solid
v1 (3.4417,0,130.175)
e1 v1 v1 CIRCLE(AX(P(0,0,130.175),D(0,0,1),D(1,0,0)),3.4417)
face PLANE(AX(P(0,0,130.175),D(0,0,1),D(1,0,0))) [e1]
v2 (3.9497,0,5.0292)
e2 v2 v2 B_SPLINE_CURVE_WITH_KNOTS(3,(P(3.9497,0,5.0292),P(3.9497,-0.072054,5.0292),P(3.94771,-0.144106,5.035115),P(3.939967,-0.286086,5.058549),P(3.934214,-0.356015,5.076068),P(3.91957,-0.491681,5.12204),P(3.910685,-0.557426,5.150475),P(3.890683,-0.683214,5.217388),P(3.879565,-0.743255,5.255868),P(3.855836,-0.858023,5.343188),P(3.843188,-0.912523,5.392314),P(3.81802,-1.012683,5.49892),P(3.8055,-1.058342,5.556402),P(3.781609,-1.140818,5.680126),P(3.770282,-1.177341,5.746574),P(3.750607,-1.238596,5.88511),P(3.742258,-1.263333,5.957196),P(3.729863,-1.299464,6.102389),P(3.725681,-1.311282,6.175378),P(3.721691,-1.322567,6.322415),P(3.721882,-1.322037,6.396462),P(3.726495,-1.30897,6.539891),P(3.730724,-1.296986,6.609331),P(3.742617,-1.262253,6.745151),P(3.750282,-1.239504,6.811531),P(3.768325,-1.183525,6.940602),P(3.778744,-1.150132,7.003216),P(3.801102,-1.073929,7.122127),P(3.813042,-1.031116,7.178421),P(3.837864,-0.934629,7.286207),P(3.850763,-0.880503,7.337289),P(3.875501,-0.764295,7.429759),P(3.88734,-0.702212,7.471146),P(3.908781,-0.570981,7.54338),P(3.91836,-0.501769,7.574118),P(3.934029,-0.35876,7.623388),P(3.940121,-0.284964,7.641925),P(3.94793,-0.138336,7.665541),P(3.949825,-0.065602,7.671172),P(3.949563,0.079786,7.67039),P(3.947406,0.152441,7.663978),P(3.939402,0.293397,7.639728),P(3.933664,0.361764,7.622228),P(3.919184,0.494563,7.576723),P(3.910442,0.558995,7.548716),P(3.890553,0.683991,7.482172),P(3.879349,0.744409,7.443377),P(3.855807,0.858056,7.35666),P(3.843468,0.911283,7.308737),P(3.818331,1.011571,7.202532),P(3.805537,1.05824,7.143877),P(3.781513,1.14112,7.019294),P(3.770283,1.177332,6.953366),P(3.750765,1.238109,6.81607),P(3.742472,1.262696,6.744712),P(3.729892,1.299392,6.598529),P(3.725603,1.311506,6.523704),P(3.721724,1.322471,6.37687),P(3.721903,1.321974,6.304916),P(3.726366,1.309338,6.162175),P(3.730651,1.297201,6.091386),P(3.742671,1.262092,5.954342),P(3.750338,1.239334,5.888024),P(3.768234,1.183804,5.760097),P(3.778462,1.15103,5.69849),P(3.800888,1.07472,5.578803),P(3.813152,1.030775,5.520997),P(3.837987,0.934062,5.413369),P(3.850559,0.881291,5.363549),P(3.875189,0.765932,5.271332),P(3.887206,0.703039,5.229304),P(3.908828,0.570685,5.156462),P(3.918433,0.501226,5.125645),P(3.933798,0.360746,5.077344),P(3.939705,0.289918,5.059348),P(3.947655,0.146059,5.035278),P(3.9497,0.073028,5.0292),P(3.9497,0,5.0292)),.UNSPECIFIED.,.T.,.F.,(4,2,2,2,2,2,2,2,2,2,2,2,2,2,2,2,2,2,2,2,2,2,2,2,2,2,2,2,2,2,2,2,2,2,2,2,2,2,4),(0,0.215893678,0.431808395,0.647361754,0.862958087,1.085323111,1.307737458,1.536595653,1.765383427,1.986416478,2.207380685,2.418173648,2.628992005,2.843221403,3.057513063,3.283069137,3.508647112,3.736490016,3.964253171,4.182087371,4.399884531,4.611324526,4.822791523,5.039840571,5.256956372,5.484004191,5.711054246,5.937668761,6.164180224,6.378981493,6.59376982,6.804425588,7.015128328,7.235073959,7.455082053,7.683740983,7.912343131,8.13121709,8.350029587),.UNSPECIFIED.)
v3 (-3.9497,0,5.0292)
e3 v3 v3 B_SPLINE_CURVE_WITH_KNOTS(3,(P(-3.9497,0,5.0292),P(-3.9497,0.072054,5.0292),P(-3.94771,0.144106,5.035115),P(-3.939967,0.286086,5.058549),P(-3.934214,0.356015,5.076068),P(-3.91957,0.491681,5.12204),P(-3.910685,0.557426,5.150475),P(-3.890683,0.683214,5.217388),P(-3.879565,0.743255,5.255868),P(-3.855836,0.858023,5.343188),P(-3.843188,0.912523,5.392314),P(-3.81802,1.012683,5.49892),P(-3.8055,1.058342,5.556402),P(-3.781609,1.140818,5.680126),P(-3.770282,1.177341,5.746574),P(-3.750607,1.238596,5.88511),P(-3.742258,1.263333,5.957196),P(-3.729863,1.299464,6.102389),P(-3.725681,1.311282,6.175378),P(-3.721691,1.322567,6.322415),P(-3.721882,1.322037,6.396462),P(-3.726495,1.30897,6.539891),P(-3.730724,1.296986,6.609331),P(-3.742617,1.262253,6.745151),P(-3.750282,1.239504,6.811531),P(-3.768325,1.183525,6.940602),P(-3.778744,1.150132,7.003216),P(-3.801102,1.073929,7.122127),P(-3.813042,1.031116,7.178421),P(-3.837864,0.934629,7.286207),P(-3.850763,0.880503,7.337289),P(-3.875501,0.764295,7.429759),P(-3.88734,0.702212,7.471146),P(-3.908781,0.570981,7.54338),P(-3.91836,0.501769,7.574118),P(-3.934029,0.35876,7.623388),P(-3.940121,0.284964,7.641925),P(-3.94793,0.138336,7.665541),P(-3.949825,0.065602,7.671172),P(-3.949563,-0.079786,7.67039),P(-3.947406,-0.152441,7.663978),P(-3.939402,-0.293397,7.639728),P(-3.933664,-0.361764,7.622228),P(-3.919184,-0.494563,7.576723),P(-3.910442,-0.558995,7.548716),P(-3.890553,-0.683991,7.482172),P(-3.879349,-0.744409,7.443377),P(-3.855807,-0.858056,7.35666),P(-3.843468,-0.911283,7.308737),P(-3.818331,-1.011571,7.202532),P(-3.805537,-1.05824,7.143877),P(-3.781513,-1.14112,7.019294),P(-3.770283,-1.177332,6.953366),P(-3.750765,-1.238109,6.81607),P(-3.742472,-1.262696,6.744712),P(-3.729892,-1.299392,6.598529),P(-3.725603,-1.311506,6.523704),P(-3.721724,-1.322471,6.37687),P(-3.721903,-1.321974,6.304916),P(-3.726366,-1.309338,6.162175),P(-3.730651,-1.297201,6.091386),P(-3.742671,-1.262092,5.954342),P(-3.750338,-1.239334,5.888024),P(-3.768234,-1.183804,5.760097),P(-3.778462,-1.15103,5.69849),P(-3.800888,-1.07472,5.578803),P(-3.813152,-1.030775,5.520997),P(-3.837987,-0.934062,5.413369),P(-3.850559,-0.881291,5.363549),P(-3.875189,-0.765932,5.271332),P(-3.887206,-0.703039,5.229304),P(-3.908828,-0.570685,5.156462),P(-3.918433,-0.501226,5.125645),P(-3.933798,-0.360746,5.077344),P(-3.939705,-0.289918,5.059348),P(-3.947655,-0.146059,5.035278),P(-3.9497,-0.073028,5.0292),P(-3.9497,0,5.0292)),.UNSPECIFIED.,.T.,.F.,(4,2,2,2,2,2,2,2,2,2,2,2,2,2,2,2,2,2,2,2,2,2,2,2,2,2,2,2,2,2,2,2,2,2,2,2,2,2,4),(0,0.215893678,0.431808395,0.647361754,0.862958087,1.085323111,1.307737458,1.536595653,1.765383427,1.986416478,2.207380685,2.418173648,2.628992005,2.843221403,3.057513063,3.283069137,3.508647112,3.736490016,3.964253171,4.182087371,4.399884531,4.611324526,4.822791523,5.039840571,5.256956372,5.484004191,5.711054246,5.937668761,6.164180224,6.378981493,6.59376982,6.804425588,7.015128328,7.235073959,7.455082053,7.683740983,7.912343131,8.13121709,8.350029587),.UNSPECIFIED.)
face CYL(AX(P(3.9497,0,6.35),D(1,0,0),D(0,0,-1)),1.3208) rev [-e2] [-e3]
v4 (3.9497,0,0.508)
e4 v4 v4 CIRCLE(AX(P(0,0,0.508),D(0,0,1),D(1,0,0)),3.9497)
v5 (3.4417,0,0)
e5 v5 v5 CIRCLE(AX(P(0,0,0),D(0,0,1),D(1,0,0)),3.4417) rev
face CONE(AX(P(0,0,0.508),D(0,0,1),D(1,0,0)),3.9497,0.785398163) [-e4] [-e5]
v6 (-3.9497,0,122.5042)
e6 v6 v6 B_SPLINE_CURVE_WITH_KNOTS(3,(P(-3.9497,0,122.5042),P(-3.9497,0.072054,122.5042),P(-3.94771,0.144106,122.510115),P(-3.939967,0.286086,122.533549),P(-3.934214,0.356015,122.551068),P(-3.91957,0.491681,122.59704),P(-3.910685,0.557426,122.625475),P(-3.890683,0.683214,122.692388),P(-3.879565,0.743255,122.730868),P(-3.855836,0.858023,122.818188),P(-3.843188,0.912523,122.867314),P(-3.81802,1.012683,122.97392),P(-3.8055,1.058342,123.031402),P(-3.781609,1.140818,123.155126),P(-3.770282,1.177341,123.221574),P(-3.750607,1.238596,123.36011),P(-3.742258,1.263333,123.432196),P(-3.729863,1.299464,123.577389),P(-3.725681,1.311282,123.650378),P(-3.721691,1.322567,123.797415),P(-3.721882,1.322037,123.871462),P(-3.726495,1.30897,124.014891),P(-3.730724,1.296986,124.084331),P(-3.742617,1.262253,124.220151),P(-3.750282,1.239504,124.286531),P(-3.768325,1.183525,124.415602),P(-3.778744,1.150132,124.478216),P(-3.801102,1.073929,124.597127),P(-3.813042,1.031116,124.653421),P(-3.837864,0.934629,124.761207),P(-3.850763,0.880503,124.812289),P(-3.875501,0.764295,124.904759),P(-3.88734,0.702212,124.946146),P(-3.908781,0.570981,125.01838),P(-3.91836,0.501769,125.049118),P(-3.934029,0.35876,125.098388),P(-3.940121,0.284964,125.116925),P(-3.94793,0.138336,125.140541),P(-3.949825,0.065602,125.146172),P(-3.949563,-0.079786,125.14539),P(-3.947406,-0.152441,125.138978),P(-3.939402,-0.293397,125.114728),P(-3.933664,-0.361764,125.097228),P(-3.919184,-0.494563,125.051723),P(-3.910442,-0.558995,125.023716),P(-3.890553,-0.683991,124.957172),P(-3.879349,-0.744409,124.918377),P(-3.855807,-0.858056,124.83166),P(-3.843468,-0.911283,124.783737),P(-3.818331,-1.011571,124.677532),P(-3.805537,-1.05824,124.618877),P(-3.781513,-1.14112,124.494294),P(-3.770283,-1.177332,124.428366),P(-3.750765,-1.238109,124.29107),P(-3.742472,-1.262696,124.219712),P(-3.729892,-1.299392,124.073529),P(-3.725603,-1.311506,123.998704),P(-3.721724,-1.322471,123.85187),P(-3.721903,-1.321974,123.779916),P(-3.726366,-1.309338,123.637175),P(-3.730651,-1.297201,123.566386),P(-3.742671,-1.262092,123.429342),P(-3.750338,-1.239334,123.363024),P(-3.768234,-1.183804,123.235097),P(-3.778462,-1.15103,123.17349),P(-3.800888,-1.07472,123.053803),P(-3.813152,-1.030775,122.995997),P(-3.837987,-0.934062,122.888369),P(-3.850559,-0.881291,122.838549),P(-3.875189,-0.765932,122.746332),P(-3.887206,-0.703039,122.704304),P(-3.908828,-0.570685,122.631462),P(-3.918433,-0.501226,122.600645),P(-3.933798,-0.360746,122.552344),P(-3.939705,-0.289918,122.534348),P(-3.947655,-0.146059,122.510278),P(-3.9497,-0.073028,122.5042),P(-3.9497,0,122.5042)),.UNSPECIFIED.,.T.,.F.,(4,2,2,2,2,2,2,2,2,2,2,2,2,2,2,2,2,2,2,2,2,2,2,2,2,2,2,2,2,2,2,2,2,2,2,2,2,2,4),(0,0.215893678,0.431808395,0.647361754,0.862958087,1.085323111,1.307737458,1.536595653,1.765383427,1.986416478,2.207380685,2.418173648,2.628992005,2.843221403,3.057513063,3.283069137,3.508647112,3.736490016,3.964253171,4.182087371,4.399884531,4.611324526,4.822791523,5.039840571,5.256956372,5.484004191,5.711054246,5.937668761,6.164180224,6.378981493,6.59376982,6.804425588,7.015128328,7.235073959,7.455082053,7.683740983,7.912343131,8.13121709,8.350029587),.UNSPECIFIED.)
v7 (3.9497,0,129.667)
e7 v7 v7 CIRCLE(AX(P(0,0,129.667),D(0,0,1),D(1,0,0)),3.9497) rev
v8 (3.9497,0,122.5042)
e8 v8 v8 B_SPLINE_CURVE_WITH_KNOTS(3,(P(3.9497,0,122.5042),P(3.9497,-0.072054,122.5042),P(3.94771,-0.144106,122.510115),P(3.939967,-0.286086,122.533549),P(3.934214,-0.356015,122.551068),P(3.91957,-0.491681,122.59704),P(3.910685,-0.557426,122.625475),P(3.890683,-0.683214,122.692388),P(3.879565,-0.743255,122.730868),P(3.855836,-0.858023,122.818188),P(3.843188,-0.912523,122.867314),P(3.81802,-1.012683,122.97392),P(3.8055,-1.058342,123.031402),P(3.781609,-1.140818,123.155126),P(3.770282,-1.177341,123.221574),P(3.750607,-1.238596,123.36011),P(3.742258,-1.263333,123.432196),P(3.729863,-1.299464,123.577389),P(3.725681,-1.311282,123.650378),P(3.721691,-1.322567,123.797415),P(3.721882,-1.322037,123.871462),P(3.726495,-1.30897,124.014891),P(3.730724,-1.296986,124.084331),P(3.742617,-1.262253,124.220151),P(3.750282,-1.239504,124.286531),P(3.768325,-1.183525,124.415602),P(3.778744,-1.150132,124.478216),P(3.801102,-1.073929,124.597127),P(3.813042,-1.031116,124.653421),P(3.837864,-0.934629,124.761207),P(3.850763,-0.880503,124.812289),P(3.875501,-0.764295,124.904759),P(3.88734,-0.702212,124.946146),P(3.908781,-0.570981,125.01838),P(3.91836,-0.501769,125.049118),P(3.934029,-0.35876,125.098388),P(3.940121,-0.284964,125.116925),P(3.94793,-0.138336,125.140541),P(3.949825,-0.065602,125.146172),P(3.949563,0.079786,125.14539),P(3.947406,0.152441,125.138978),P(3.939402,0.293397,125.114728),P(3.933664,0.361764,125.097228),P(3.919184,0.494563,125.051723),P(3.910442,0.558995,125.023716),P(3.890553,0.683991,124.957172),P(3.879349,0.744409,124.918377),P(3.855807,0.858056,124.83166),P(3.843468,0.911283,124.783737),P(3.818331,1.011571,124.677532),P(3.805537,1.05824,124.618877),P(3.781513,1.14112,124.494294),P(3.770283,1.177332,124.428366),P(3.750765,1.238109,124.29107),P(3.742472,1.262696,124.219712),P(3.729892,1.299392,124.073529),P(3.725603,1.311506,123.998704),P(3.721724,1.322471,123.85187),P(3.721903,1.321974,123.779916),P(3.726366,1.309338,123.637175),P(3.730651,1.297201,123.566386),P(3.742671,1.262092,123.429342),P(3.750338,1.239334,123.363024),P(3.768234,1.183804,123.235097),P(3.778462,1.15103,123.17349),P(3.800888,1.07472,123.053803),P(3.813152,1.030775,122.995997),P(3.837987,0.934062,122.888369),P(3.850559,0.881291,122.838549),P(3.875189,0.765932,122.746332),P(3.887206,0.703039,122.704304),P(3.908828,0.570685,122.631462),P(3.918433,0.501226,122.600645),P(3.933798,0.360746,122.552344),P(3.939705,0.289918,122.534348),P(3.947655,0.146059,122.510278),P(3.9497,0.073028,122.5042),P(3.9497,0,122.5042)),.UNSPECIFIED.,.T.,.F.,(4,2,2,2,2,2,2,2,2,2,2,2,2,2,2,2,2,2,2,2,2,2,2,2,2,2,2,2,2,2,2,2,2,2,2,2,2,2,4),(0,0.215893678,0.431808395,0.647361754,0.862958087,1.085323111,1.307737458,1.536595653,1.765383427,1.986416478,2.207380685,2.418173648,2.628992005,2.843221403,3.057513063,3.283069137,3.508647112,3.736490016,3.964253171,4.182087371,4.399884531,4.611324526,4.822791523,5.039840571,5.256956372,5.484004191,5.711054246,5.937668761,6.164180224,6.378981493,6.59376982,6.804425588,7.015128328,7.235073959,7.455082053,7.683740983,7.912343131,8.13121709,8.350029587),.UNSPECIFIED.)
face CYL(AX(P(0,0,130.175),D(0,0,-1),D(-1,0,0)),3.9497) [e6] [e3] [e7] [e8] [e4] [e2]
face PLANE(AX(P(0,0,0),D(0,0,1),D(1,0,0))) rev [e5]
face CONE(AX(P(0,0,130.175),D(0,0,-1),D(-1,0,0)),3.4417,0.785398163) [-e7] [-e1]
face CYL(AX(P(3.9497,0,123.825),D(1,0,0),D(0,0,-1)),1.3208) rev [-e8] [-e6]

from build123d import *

# Parameters (mm, degrees)
SKETCH1_R                   = 3.9497
BOSS_EXTRUDE1_DEPTH         = 130.175
F_37_0_104_DIAMETER_HOLE1_D = 2.6416
CHAMFER1_SIZE               = 0.508


with BuildPart() as part:
    # Sketch1 → Boss-Extrude1 (new body)
    with BuildSketch(Plane.XY):
        Circle(SKETCH1_R)
    extrude(amount=BOSS_EXTRUDE1_DEPTH)

    # #37 (0.104) Diameter Hole1 (through all)
    with Locations(Plane(origin=(3.9497, 0, 0), x_dir=(0, 0, -1), z_dir=(1, 0, 0))):
        with Locations((-6.35, 0), (-123.825, 0)):
            Hole(F_37_0_104_DIAMETER_HOLE1_D / 2)

    # Chamfer1
    chamfer1_edges = [part.edges().sort_by_distance(p)[0] for p in [
        (-3.9497, 0, 0),
        (-3.9497, 0, 130.175),
    ]]
    chamfer(chamfer1_edges, length=CHAMFER1_SIZE)


solid = part.part
